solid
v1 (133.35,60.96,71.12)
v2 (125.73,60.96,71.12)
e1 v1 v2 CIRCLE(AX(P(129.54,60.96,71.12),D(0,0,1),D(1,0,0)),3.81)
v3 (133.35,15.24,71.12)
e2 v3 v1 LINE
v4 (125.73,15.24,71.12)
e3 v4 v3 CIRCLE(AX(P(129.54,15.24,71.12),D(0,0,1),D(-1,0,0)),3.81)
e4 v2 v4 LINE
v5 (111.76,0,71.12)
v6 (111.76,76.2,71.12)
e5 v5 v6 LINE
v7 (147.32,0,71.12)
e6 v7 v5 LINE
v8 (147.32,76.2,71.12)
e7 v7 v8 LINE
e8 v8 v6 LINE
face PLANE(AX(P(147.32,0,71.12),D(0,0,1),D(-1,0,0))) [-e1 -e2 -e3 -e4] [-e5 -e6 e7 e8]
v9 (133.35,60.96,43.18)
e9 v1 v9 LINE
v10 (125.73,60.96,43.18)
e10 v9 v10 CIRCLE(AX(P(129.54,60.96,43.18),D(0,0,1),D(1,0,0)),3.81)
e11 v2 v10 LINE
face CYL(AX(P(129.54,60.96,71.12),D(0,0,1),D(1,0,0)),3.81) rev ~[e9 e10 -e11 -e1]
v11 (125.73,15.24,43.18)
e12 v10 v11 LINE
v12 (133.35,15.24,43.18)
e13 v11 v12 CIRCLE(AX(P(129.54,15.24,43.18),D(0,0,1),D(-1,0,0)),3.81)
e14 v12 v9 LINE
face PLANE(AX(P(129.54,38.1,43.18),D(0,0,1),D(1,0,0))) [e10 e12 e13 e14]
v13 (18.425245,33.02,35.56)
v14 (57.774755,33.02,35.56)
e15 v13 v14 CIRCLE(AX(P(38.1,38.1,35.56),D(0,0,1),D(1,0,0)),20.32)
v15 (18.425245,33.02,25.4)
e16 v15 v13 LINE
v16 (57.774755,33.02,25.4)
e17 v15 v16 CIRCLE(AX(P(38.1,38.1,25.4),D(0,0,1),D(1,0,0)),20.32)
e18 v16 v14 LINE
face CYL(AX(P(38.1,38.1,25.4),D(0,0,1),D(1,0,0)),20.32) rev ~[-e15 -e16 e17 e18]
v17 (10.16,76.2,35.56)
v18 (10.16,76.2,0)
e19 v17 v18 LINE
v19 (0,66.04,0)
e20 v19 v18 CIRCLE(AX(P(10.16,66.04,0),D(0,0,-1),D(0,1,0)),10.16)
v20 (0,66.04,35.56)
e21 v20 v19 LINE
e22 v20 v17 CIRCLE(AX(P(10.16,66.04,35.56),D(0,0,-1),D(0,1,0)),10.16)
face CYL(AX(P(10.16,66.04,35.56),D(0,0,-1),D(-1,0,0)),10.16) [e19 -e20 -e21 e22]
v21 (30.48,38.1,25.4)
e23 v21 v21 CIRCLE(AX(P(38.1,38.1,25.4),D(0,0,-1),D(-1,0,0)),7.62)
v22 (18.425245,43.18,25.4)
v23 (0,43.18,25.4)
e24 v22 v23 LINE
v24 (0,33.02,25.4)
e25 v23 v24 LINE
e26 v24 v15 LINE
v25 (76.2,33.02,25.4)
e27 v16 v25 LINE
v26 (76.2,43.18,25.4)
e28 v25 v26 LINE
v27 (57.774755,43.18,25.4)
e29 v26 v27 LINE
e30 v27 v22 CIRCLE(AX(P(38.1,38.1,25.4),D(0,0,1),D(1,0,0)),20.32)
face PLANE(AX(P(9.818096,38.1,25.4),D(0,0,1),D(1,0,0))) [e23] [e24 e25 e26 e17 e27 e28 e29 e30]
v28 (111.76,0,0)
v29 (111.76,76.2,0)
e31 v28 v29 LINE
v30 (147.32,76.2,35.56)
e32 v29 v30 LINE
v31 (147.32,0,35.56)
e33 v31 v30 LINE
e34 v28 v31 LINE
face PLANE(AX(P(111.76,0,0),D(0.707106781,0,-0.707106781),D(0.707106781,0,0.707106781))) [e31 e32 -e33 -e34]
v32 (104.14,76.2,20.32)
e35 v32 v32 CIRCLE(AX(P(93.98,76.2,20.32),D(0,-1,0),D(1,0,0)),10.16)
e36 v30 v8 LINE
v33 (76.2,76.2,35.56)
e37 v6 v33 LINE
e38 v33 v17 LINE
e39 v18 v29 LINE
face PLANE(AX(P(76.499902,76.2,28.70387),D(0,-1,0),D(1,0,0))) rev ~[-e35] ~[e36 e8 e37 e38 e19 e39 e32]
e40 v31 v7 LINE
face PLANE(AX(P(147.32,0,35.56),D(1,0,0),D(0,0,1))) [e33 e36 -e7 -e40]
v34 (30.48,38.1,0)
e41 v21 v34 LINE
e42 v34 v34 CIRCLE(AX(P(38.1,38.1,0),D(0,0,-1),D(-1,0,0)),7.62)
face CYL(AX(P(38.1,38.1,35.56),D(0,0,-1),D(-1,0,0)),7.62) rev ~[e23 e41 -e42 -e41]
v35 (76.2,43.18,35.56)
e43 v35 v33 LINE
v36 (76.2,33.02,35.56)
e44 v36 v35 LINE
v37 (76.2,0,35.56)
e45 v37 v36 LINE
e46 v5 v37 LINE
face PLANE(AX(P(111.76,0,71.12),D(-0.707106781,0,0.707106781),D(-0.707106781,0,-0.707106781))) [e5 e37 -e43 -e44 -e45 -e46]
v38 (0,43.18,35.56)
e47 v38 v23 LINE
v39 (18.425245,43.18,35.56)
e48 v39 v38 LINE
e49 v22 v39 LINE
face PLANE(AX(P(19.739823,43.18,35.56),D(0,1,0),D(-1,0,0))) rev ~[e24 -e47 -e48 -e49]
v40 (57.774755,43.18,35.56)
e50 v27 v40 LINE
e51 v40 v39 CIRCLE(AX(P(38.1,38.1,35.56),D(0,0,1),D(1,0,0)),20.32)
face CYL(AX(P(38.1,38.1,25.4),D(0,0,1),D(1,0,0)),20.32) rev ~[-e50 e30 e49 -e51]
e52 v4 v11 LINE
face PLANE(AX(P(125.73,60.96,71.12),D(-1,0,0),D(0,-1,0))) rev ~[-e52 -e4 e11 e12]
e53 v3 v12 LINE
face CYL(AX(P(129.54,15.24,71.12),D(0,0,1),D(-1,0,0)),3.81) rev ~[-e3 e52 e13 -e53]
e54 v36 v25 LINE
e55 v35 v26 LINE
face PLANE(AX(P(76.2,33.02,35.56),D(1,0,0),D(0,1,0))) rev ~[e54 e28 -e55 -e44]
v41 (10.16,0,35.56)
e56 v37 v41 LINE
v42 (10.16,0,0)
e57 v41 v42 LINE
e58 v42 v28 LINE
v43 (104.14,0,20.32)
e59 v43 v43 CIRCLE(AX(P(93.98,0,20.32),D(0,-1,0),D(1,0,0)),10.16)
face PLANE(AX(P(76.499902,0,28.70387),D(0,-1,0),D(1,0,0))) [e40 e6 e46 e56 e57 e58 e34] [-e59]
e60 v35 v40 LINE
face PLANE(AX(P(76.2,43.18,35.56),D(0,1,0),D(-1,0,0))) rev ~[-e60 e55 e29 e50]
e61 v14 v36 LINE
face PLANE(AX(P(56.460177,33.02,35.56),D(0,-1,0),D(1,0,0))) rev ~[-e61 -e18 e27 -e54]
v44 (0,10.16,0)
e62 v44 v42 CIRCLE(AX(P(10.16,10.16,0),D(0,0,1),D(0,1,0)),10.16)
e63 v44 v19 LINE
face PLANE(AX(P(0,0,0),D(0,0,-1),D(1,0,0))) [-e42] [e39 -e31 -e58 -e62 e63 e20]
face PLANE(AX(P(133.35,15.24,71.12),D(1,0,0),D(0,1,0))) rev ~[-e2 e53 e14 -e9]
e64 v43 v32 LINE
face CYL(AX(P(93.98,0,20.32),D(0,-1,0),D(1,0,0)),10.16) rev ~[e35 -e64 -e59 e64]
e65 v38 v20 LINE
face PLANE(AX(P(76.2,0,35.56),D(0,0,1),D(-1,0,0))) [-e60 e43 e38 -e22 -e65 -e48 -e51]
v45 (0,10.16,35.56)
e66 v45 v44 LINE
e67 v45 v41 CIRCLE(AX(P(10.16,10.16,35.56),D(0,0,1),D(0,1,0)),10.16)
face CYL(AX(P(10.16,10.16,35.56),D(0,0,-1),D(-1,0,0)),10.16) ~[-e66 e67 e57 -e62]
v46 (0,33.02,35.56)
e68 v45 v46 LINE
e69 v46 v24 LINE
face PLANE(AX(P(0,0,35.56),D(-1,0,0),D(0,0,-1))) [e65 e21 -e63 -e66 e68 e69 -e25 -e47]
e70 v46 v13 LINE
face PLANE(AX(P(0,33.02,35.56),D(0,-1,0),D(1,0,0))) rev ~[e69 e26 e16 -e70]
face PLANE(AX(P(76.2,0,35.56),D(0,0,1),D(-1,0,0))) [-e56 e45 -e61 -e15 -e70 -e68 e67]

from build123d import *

# Parameters (mm, degrees)
F1_DEPTH       = 76.2
F3_DEPTH       = 27.94
F5_D           = 15.24
F5_CBORE_D     = 40.64
F5_CBORE_DEPTH = 10.16
F6_DEPTH       = 10.16
F7_R           = 10.16
F8_DEPTH       = 76.201
F9_R           = 10.16


with BuildPart() as f1:
    # F0 (on Front) → F1 (new body)
    with BuildSketch(Plane.XZ):
        Polygon((0, 35.56), (0, 0), (111.76, 0), (147.32, 35.56), (147.32, 71.12), (111.76, 71.12), (76.2, 35.56), align=None)
    extrude(amount=-F1_DEPTH)

    # F2 (on face) → F3 (cut)
    with BuildSketch(Plane.XY.offset(71.12)):
        with BuildLine():
            ThreePointArc((133.35, 60.96), (129.54, 64.77), (125.73, 60.96))
            Line((125.73, 60.96), (125.73, 15.24))
            ThreePointArc((125.73, 15.24), (129.54, 11.43), (133.35, 15.24))
            Line((133.35, 15.24), (133.35, 60.96))
        make_face()
    extrude(amount=-F3_DEPTH, mode=Mode.SUBTRACT)

    # F5 (through all)
    with Locations(Plane.XY.offset(35.56)):
        with Locations((38.1, 38.1)):
            CounterBoreHole(F5_D / 2, F5_CBORE_D / 2, F5_CBORE_DEPTH)

    # F4 (on face) → F6 (cut)
    with BuildSketch(Plane.XY.offset(35.56)):
        with BuildLine():
            Line((19.739823, 43.18), (0, 43.18))
            Line((0, 43.18), (0, 33.02))
            Line((0, 33.02), (19.739823, 33.02))
            ThreePointArc((19.739823, 33.02), (19.05, 38.1), (19.739823, 43.18))
        make_face()
        with BuildLine():
            Line((76.2, 43.18), (56.460177, 43.18))
            ThreePointArc((56.460177, 43.18), (56.976757, 40.663311), (57.15, 38.1))
            ThreePointArc((57.15, 38.1), (56.976757, 35.536689), (56.460177, 33.02))
            Line((56.460177, 33.02), (76.2, 33.02))
            Line((76.2, 33.02), (76.2, 43.18))
        make_face()
    extrude(amount=-F6_DEPTH, mode=Mode.SUBTRACT)

    # F7 (on face) → F8 (cut, through all)
    with BuildSketch(Plane.XZ):
        with Locations((93.98, 20.32)):
            Circle(F7_R)
    extrude(amount=-F8_DEPTH, mode=Mode.SUBTRACT)

    # F9
    f9_edges = [f1.edges().sort_by_distance(p)[0] for p in [
        (0, 0, 17.78),
        (0, 76.2, 17.78),
    ]]
    fillet(f9_edges, radius=F9_R)


solid = f1.part
